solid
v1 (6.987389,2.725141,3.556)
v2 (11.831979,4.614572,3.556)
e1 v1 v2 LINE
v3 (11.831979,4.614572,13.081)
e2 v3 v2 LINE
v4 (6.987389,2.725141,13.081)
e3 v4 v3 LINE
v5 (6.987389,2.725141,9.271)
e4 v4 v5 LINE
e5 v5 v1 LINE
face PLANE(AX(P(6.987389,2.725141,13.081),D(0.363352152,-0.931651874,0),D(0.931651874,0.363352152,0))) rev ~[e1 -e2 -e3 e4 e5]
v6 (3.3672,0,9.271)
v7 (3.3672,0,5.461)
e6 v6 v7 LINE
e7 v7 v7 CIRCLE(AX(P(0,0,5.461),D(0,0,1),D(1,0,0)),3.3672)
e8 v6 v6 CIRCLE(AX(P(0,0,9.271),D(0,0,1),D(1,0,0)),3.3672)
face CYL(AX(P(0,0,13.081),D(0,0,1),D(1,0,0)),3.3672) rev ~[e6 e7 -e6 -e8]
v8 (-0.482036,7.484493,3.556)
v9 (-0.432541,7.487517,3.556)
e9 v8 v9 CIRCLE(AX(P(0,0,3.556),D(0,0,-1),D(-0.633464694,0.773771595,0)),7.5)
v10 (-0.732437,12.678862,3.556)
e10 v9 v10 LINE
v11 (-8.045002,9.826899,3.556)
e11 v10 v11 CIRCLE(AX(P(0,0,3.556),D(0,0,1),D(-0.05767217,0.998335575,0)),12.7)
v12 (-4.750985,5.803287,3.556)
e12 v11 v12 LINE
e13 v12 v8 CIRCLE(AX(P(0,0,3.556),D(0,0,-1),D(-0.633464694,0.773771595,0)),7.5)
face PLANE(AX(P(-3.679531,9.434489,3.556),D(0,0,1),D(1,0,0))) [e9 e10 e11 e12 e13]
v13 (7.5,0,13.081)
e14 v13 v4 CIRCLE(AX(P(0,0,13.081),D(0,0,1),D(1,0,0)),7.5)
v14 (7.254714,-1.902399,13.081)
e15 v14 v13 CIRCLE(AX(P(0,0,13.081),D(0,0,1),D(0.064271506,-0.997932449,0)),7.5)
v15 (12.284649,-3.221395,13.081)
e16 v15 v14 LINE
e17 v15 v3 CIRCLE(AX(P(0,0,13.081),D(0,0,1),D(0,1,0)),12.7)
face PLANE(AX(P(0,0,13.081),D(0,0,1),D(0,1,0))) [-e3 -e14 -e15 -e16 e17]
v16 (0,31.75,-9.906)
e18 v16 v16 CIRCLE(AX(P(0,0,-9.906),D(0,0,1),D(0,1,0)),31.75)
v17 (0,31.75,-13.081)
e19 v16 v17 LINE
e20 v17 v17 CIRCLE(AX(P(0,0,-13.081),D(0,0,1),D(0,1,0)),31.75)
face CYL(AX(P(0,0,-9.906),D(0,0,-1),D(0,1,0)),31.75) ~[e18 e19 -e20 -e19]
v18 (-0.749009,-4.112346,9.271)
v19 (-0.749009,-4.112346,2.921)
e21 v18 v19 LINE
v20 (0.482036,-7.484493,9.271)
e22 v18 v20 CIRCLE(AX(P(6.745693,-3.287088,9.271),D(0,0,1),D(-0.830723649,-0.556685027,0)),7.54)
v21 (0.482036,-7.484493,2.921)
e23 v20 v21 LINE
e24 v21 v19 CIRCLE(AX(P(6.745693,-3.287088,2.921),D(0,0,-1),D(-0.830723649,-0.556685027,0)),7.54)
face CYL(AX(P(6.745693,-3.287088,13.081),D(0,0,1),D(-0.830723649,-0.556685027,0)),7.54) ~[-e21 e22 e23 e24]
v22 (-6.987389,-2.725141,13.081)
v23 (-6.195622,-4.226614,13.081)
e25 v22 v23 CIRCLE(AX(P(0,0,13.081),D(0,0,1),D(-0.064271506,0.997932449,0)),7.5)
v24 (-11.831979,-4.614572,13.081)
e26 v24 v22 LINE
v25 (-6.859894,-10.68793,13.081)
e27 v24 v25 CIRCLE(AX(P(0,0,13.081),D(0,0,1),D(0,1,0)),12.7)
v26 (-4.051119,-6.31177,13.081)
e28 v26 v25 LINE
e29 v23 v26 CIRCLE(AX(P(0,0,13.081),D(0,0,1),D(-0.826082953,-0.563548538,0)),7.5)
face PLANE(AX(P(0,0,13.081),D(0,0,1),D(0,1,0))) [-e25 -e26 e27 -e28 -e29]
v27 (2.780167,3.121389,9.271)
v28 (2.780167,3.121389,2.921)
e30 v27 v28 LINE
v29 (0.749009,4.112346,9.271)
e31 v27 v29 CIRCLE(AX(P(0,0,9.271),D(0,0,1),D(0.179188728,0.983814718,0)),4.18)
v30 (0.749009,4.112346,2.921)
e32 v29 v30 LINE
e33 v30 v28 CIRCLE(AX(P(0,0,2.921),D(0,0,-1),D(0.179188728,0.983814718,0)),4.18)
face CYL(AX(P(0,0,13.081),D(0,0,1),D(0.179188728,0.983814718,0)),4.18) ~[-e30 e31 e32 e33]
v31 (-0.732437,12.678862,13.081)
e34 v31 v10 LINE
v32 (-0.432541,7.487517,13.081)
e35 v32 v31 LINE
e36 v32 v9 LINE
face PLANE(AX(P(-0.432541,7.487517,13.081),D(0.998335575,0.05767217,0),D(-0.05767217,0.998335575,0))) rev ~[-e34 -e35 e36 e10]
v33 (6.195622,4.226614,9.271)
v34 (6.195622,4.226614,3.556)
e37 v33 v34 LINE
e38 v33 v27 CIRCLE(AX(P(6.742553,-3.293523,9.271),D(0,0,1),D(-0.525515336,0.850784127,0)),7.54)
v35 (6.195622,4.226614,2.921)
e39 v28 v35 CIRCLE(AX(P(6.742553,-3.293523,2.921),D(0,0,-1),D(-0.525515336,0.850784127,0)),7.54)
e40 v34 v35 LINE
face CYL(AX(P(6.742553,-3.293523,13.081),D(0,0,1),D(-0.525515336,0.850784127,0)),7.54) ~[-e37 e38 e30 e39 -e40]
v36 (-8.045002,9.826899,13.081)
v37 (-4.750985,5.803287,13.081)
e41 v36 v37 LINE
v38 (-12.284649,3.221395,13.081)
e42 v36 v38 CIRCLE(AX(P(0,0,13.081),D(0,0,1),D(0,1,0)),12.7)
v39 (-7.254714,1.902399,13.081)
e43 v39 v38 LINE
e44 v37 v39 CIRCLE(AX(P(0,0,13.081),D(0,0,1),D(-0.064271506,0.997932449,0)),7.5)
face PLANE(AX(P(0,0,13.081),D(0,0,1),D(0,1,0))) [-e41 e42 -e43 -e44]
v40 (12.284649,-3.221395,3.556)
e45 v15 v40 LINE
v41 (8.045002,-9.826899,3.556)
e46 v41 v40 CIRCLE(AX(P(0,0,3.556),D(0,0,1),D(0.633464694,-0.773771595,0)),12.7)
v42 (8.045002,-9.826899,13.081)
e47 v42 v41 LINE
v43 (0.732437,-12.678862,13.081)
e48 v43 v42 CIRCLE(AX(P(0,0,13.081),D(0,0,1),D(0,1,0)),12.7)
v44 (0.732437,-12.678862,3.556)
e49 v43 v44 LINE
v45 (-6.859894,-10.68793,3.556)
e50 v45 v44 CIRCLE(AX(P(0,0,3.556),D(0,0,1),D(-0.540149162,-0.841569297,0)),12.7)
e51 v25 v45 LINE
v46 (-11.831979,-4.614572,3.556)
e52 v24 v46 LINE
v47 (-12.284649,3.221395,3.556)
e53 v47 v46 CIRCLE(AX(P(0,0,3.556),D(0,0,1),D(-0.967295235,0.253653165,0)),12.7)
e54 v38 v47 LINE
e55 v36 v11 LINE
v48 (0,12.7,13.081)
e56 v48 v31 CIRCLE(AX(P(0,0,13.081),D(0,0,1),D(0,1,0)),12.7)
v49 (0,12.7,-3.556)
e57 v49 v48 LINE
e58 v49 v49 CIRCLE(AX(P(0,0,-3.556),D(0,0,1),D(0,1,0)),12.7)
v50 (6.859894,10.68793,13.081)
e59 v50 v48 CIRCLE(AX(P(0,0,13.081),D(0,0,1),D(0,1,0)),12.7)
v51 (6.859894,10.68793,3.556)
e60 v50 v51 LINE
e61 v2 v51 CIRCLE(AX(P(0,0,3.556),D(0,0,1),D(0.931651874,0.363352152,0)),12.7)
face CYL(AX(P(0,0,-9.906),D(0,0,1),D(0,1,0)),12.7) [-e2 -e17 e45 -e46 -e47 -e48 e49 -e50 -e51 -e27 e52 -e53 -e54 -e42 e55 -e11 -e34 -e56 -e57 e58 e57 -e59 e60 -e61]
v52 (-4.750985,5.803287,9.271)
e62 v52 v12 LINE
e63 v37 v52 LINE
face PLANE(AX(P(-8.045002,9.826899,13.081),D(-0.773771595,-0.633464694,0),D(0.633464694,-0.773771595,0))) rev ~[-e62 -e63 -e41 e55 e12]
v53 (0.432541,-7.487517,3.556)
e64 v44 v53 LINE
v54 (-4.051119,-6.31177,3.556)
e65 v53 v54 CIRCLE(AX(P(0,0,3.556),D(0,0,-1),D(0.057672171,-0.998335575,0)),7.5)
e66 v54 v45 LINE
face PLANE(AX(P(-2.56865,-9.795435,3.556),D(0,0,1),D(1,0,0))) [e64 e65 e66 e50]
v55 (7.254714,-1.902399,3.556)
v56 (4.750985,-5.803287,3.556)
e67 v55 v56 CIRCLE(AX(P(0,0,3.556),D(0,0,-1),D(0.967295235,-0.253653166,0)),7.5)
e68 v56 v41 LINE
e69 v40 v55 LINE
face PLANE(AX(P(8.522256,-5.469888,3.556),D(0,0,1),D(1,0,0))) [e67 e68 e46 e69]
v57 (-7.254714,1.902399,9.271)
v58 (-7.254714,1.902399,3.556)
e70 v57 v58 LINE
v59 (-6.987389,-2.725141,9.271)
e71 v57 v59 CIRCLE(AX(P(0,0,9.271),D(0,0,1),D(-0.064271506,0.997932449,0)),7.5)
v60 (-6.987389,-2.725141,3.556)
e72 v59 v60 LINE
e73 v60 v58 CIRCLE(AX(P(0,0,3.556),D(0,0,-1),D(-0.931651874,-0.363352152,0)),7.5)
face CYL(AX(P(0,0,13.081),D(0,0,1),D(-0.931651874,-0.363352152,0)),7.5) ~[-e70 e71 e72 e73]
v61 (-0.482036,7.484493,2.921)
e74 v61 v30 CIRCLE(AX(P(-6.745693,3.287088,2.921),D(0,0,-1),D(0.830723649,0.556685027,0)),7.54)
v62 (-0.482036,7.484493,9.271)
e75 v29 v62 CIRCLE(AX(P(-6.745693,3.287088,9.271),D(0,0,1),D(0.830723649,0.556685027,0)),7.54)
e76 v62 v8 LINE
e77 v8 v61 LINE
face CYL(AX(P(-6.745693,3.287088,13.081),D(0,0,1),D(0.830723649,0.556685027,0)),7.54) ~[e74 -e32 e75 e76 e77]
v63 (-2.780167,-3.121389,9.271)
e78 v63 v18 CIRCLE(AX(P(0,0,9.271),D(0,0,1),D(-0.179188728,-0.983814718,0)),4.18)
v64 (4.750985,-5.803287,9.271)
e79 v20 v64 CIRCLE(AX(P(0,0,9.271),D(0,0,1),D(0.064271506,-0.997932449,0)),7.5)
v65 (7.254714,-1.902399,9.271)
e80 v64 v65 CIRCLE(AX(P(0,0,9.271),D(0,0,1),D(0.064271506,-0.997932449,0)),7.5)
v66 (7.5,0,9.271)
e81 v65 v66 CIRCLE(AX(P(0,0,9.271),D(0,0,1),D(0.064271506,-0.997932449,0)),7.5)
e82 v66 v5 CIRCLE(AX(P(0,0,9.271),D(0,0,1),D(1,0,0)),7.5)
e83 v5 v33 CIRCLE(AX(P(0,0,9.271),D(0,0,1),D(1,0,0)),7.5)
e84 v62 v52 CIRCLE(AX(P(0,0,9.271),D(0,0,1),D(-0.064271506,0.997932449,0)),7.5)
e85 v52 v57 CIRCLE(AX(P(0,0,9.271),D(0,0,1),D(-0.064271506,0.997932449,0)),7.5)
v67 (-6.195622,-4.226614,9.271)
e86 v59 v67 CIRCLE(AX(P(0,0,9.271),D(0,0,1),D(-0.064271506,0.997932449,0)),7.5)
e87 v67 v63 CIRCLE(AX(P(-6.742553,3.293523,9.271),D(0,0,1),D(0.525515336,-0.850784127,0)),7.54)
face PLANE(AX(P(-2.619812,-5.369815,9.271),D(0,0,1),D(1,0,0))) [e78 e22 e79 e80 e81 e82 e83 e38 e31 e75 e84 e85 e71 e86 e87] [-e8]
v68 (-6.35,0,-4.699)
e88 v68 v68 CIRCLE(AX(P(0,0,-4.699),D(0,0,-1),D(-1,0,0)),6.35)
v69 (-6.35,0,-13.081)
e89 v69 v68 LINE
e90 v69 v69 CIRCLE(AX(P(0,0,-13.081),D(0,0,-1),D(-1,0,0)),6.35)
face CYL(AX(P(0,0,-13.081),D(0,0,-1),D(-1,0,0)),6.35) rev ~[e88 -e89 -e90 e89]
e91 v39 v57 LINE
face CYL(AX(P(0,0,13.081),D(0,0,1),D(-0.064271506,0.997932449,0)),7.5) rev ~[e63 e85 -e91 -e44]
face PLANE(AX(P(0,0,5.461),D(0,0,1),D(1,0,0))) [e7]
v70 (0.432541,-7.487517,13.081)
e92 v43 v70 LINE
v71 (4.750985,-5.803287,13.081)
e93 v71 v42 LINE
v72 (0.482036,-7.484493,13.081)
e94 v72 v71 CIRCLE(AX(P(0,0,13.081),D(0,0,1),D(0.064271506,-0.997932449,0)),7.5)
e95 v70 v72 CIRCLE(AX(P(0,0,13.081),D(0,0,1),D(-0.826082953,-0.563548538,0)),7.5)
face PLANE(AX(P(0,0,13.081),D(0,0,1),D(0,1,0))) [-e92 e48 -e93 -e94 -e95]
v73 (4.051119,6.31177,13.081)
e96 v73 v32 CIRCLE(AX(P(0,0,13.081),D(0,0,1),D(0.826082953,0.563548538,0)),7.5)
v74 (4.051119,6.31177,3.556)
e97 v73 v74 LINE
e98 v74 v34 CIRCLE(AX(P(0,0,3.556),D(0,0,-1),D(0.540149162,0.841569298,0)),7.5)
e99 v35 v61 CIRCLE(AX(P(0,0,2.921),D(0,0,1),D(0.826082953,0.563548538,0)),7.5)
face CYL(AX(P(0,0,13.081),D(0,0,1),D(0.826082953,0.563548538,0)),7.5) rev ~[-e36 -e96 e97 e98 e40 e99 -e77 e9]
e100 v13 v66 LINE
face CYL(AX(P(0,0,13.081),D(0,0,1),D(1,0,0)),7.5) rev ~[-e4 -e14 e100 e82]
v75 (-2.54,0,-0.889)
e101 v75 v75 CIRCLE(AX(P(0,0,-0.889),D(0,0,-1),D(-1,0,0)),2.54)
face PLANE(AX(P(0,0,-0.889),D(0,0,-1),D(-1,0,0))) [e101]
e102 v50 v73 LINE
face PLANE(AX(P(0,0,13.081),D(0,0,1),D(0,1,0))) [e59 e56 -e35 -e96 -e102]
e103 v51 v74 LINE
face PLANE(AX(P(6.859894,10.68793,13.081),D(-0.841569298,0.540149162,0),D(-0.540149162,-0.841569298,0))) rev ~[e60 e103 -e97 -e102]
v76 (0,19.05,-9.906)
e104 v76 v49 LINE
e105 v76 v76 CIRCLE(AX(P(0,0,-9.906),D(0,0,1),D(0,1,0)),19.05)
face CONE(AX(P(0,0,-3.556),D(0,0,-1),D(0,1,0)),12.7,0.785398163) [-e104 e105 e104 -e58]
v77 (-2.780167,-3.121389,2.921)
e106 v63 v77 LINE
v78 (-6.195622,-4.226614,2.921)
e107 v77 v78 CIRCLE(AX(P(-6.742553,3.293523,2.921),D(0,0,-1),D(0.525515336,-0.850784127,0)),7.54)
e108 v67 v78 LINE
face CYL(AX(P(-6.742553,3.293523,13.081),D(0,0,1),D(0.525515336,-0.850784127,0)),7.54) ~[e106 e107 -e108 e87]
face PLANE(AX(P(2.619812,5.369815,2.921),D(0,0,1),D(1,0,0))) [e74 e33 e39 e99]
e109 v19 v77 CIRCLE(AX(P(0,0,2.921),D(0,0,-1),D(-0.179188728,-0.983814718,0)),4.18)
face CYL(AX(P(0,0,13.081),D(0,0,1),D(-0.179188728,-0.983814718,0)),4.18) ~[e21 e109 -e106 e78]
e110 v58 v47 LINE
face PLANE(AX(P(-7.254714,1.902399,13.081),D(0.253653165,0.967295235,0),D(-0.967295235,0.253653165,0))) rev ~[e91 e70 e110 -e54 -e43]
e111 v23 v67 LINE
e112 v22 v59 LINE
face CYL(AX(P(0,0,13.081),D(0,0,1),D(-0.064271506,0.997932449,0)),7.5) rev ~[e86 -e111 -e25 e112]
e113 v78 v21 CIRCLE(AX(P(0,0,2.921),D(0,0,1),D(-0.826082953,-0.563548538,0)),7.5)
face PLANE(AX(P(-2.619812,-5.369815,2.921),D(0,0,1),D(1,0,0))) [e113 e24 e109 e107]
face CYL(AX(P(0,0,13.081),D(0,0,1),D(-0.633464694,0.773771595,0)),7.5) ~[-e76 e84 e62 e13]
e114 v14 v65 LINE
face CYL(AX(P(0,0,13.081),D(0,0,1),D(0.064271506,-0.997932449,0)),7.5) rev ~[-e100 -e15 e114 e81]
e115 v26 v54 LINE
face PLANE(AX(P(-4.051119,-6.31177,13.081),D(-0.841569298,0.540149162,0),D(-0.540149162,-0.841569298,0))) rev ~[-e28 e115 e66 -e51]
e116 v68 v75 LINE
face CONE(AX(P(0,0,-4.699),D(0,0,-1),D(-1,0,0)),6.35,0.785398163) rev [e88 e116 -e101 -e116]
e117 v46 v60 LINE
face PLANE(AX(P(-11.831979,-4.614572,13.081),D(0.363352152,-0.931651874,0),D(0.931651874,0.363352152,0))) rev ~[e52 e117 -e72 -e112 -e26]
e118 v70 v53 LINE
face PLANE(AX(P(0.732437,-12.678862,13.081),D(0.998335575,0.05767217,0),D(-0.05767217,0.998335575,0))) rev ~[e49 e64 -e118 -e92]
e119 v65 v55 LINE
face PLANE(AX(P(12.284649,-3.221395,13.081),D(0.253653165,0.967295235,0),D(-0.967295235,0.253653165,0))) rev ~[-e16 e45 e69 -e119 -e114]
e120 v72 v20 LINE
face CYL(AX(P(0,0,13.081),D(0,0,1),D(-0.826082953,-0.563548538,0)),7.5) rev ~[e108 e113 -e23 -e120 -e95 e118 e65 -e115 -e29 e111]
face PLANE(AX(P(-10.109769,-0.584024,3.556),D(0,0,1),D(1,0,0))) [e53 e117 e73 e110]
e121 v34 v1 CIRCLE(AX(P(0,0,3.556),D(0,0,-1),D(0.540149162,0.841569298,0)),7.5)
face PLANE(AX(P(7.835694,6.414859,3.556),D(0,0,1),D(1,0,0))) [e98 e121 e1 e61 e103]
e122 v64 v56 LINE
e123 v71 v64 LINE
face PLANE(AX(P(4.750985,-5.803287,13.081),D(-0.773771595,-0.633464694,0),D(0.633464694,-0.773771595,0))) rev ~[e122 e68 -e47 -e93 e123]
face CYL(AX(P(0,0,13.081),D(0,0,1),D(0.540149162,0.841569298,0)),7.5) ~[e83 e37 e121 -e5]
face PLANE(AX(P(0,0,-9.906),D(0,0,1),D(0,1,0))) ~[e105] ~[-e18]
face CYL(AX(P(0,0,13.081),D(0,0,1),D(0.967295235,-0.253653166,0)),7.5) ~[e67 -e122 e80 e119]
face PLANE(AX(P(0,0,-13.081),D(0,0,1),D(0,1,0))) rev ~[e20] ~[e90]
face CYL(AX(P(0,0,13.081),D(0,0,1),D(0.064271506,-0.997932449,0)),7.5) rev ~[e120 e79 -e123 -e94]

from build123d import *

# Parameters (mm, degrees)
SKETCH11_R          = 3.3672
CUT_EXTRUDE5_DEPTH  = 3.81
SKETCH11_5_R        = 3.3672
CUT_EXTRUDE7_DEPTH  = 7.62
CUT_EXTRUDE8_DEPTH  = 10.16
SKETCH13_R          = 6.35
CUT_EXTRUDE10_DEPTH = 12.192
CHAMFER1_SIZE       = 3.81
CHAMFER2_SIZE       = 6.35
CUT_EXTRUDE11_DEPTH = 9.525


with BuildPart() as part:
    # Sketch2 → Revolve1 (revolve)
    with BuildSketch(Plane(origin=(0, 0, 0), x_dir=(0, 0, -1), z_dir=(1, 0, 0))):
        Polygon((-13.081, 0), (-13.081, 9.525), (-13.081, 12.7), (-9.906, 12.7), (9.906, 12.7), (9.906, 31.75), (13.081, 31.75), (13.081, 0), align=None)
    revolve(axis=Axis((0, 0, -13.081), (0, 0, 1)))

    # Sketch11 → Cut-Extrude5 (cut)
    with BuildSketch(Plane.XY.offset(13.081)):
        with BuildLine():
            ThreePointArc((-6.195622147, -4.226614037), (-3.288572679, -6.740570431), (0.482036294, -7.48449337))
            ThreePointArc((0.482036294, -7.48449337), (-0.337099755, -5.872751112), (-0.749008883, -4.112345522))
            ThreePointArc((-0.749008883, -4.112345522), (-1.832831173, -3.756744587), (-2.78016744, -3.121388955))
            ThreePointArc((-2.78016744, -3.121388955), (-4.421160263, -3.880229865), (-6.195622147, -4.226614037))
        make_face()
        with BuildLine():
            ThreePointArc((7.5, 0), (7.166490288, 2.211654799), (6.195622147, 4.226614037))
            ThreePointArc((6.195622147, 4.226614037), (4.421160263, 3.880229865), (2.78016744, 3.121388955))
            ThreePointArc((2.78016744, 3.121388955), (1.832831173, 3.756744587), (0.749008883, 4.112345522))
            ThreePointArc((0.749008883, 4.112345522), (0.337099755, 5.872751112), (-0.482036294, 7.48449337))
            ThreePointArc((-0.482036294, 7.48449337), (-6.740570431, 3.288572679), (-6.195622147, -4.226614037))
            ThreePointArc((-6.195622147, -4.226614037), (-4.421160263, -3.880229865), (-2.78016744, -3.121388955))
            ThreePointArc((-2.78016744, -3.121388955), (-1.832831173, -3.756744587), (-0.749008883, -4.112345522))
            ThreePointArc((-0.749008883, -4.112345522), (-0.337099755, -5.872751112), (0.482036294, -7.48449337))
            ThreePointArc((0.482036294, -7.48449337), (5.471072665, -5.130045214), (7.5, 0))
        make_face()
        Circle(SKETCH11_R, mode=Mode.SUBTRACT)
        Circle(SKETCH11_R)
        with BuildLine():
            ThreePointArc((2.78016744, 3.121388955), (4.421160263, 3.880229865), (6.195622147, 4.226614037))
            ThreePointArc((6.195622147, 4.226614037), (3.288572679, 6.740570431), (-0.482036294, 7.48449337))
            ThreePointArc((-0.482036294, 7.48449337), (0.337099755, 5.872751112), (0.749008883, 4.112345522))
            ThreePointArc((0.749008883, 4.112345522), (1.832831173, 3.756744587), (2.78016744, 3.121388955))
        make_face()
    extrude(amount=-CUT_EXTRUDE5_DEPTH, mode=Mode.SUBTRACT)

    # Sketch11<5> → Cut-Extrude7 (cut)
    with BuildSketch(Plane.XY.offset(13.081)):
        Circle(SKETCH11_5_R)
    extrude(amount=-CUT_EXTRUDE7_DEPTH, mode=Mode.SUBTRACT)

    # Sketch11<6> → Cut-Extrude8 (cut)
    with BuildSketch(Plane.XY.offset(13.081)):
        with BuildLine():
            ThreePointArc((-6.195622147, -4.226614037), (-3.288572679, -6.740570431), (0.482036294, -7.48449337))
            ThreePointArc((0.482036294, -7.48449337), (-0.337099755, -5.872751112), (-0.749008883, -4.112345522))
            ThreePointArc((-0.749008883, -4.112345522), (-1.832831173, -3.756744587), (-2.78016744, -3.121388955))
            ThreePointArc((-2.78016744, -3.121388955), (-4.421160263, -3.880229865), (-6.195622147, -4.226614037))
        make_face()
        with BuildLine():
            ThreePointArc((2.78016744, 3.121388955), (4.421160263, 3.880229865), (6.195622147, 4.226614037))
            ThreePointArc((6.195622147, 4.226614037), (3.288572679, 6.740570431), (-0.482036294, 7.48449337))
            ThreePointArc((-0.482036294, 7.48449337), (0.337099755, 5.872751112), (0.749008883, 4.112345522))
            ThreePointArc((0.749008883, 4.112345522), (1.832831173, 3.756744587), (2.78016744, 3.121388955))
        make_face()
    extrude(amount=-CUT_EXTRUDE8_DEPTH, mode=Mode.SUBTRACT)

    # Sketch13 → Cut-Extrude10 (cut)
    with BuildSketch(Plane(origin=(0, 0, -13.081), x_dir=(-1, 0, 0), z_dir=(0, 0, -1))):
        Circle(SKETCH13_R)
    extrude(amount=-CUT_EXTRUDE10_DEPTH, mode=Mode.SUBTRACT)

    # Chamfer1
    chamfer1_edges = [part.edges().sort_by_distance(p)[0] for p in [
        (6.35, 0, -0.889),
    ]]
    chamfer(chamfer1_edges, length=CHAMFER1_SIZE)

    # Chamfer2
    chamfer2_edges = [part.edges().sort_by_distance(p)[0] for p in [
        (0, -12.7, -9.906),
    ]]
    chamfer(chamfer2_edges, length=CHAMFER2_SIZE)

    # Sketch14 → Cut-Extrude11 (cut)
    with BuildSketch(Plane.XY.offset(13.081)):
        with BuildLine():
            Line((-7.254714263, 1.902398741), (-12.284649485, 3.221395201))
            ThreePointArc((-12.284649485, 3.221395201), (-12.678861805, -0.732436563), (-11.831978794, -4.614572333))
            Line((-11.831978794, -4.614572333), (-6.987389052, -2.725141142))
            ThreePointArc((-6.987389052, -2.725141142), (-7.487516814, -0.432541277), (-7.254714263, 1.902398741))
        make_face()
        with BuildLine():
            ThreePointArc((-0.732436563, 12.678861805), (-4.614572333, 11.831978794), (-8.045001612, 9.82689926))
            Line((-8.045001612, 9.82689926), (-4.750985204, 5.803286965))
            ThreePointArc((-4.750985204, 5.803286965), (-2.725141142, 6.987389052), (-0.432541277, 7.487516814))
            Line((-0.432541277, 7.487516814), (-0.732436563, 12.678861805))
        make_face()
        with BuildLine():
            ThreePointArc((11.831978794, 4.614572333), (9.82689926, 8.045001612), (6.859894358, 10.68793008))
            Line((6.859894358, 10.68793008), (4.051118716, 6.311769732))
            ThreePointArc((4.051118716, 6.311769732), (5.803286965, 4.750985204), (6.987389052, 2.725141142))
            Line((6.987389052, 2.725141142), (11.831978794, 4.614572333))
        make_face()
        with BuildLine():
            Line((4.750985204, -5.803286965), (8.045001612, -9.82689926))
            ThreePointArc((8.045001612, -9.82689926), (10.68793008, -6.859894358), (12.284649485, -3.221395201))
            Line((12.284649485, -3.221395201), (7.254714263, -1.902398741))
            ThreePointArc((7.254714263, -1.902398741), (6.311769732, -4.051118716), (4.750985204, -5.803286965))
        make_face()
        with BuildLine():
            Line((-4.051118716, -6.311769732), (-6.859894358, -10.68793008))
            ThreePointArc((-6.859894358, -10.68793008), (-3.221395201, -12.284649485), (0.732436563, -12.678861805))
            Line((0.732436563, -12.678861805), (0.432541277, -7.487516814))
            ThreePointArc((0.432541277, -7.487516814), (-1.902398741, -7.254714263), (-4.051118716, -6.311769732))
        make_face()
    extrude(amount=-CUT_EXTRUDE11_DEPTH, mode=Mode.SUBTRACT)


solid = part.part
